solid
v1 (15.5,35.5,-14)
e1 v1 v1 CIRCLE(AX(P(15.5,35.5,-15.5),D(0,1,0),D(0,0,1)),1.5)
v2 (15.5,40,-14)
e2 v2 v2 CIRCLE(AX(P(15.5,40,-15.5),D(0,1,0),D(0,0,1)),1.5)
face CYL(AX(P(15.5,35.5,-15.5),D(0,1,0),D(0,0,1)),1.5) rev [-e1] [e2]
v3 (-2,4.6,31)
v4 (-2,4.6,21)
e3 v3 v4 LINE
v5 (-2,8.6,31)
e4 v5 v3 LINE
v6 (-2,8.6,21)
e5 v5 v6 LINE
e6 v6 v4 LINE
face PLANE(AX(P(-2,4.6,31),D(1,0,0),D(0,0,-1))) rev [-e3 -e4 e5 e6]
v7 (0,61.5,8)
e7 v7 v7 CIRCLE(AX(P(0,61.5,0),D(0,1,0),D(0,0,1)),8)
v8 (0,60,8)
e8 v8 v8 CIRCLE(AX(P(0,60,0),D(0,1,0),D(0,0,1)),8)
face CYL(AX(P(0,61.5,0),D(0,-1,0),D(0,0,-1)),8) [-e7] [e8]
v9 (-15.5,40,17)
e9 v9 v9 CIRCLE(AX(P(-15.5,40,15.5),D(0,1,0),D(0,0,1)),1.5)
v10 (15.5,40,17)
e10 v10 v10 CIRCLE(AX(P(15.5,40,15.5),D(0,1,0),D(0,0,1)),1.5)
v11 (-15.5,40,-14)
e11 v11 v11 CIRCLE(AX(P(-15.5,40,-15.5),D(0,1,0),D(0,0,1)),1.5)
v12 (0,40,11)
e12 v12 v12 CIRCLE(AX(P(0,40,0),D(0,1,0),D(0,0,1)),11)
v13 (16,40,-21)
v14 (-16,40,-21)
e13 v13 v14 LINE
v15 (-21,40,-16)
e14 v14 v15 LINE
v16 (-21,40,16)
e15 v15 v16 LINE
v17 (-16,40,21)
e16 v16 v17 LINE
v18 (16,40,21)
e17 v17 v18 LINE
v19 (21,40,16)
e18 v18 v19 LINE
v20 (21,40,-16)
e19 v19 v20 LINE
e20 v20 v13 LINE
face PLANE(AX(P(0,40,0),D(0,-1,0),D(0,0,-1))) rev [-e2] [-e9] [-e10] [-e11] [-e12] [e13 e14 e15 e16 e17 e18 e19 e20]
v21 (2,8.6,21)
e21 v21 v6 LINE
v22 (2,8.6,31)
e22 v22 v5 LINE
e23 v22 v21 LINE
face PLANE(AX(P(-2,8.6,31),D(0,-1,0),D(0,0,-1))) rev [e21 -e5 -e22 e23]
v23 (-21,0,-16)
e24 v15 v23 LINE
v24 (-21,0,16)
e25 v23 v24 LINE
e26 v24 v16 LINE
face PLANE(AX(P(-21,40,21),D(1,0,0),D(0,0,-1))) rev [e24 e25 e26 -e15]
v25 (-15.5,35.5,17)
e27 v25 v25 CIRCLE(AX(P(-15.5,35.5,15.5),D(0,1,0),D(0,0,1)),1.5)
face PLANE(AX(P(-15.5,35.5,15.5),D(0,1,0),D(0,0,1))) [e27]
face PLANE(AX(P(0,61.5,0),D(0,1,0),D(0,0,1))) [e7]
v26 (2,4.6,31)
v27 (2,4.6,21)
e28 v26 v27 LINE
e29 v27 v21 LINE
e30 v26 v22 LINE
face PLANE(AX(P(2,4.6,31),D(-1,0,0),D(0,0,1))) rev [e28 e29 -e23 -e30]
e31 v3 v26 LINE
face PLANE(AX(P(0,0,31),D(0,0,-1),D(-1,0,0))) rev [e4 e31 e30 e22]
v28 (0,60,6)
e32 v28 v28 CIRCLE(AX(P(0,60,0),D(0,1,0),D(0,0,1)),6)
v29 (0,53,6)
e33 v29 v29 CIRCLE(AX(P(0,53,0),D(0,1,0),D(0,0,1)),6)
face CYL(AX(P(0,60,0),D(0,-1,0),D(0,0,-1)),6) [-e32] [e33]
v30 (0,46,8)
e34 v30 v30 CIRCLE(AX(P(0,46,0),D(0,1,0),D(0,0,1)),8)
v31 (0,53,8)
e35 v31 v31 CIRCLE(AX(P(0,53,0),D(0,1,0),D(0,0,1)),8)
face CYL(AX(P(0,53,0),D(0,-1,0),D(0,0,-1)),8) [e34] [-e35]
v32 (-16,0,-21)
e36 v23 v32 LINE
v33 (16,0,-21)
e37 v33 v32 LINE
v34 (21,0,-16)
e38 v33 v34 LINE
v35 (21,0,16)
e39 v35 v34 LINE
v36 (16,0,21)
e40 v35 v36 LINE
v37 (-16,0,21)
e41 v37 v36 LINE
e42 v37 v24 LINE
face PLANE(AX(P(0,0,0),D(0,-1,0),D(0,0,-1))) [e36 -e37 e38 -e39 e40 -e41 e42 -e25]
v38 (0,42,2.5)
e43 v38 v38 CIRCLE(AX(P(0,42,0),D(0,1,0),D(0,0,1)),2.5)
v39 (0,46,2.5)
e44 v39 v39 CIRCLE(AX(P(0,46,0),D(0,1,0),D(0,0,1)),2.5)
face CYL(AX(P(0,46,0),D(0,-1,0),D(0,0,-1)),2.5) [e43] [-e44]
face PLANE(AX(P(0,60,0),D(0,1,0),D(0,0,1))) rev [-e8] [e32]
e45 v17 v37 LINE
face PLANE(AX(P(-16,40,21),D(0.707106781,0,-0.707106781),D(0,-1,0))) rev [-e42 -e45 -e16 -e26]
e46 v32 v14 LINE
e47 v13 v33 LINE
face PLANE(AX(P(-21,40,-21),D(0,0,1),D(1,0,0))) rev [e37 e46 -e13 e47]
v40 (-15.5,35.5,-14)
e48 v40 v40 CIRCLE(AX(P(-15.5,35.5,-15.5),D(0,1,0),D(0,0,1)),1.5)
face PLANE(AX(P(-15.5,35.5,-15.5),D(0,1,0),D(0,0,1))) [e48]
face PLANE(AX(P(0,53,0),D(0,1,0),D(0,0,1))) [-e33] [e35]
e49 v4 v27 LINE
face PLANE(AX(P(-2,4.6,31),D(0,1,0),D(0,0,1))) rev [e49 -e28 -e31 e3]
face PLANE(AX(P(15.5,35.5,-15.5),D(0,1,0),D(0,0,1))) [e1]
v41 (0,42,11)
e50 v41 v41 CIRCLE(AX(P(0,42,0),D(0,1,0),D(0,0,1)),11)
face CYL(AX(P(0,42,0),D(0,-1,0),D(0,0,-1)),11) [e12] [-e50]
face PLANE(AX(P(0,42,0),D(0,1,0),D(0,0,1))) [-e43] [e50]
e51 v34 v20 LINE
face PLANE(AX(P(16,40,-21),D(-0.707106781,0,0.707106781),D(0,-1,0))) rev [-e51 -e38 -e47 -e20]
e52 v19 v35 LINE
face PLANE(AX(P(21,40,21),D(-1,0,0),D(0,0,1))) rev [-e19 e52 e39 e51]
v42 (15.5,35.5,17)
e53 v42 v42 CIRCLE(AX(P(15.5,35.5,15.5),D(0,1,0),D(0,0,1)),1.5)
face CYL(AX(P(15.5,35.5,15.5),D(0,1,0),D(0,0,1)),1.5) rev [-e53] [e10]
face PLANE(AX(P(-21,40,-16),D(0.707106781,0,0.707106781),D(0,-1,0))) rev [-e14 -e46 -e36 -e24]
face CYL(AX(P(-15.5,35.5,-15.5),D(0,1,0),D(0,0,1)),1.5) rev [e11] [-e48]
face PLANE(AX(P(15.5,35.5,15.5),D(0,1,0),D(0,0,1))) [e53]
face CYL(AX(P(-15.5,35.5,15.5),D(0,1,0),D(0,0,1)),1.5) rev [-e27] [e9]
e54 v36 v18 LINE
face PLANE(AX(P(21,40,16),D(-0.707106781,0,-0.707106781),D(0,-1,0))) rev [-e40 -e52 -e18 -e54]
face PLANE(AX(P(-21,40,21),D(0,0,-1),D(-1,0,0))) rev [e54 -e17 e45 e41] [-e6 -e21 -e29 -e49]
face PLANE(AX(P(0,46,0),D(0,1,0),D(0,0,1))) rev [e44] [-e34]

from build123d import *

# Parameters (mm, degrees)
SKETCH1_W           = 42
SKETCH1_H           = 42
BOSS_EXTRUDE1_DEPTH = 40
CHAMFER1_SIZE       = 5
SKETCH2_R           = 11
BOSS_EXTRUDE3_DEPTH = 2
SKETCH5_R           = 2.5
BOSS_EXTRUDE4_DEPTH = 4
SKETCH6_R           = 8
BOSS_EXTRUDE5_DEPTH = 7
SKETCH7_R           = 6
BOSS_EXTRUDE6_DEPTH = 7
SKETCH8_R           = 8
BOSS_EXTRUDE7_DEPTH = 1.5
SKETCH9_R           = 1.5
CUT_EXTRUDE1_DEPTH  = 4.5
SKETCH10_W          = 4
SKETCH10_H          = 4
BOSS_EXTRUDE8_DEPTH = 10


with BuildPart() as part:
    # Sketch1 → Boss-Extrude1 (new body)
    with BuildSketch(Plane(origin=(0, 0, 0), x_dir=(1, 0, 0), z_dir=(0, 1, 0))):
        Rectangle(SKETCH1_W, SKETCH1_H)
    extrude(amount=BOSS_EXTRUDE1_DEPTH)

    # Chamfer1
    chamfer1_edges = [part.edges().sort_by_distance(p)[0] for p in [
        (21, 20, 21),
        (-21, 20, 21),
        (-21, 20, -21),
        (21, 20, -21),
    ]]
    chamfer(chamfer1_edges, length=CHAMFER1_SIZE)

    # Sketch2 → Boss-Extrude3 (add)
    with BuildSketch(Plane(origin=(0, 40, 0), x_dir=(1, 0, 0), z_dir=(0, 1, 0))):
        with Locations(Location((0, 0, 0), (0, 0, 270))):
            Circle(SKETCH2_R)
    extrude(amount=BOSS_EXTRUDE3_DEPTH)

    # Sketch5 → Boss-Extrude4 (add)
    with BuildSketch(Plane(origin=(0, 42, 0), x_dir=(1, 0, 0), z_dir=(0, 1, 0))):
        with Locations(Location((0, 0, 0), (0, 0, 270))):
            Circle(SKETCH5_R)
    extrude(amount=BOSS_EXTRUDE4_DEPTH)

    # Sketch6 → Boss-Extrude5 (add)
    with BuildSketch(Plane(origin=(0, 46, 0), x_dir=(1, 0, 0), z_dir=(0, 1, 0))):
        with Locations(Location((0, 0, 0), (0, 0, 270))):
            Circle(SKETCH6_R)
    extrude(amount=BOSS_EXTRUDE5_DEPTH)

    # Sketch7 → Boss-Extrude6 (add)
    with BuildSketch(Plane(origin=(0, 53, 0), x_dir=(1, 0, 0), z_dir=(0, 1, 0))):
        with Locations(Location((0, 0, 0), (0, 0, 270))):
            Circle(SKETCH7_R)
    extrude(amount=BOSS_EXTRUDE6_DEPTH)

    # Sketch8 → Boss-Extrude7 (add)
    with BuildSketch(Plane(origin=(0, 60, 0), x_dir=(1, 0, 0), z_dir=(0, 1, 0))):
        with Locations(Location((0, 0, 0), (0, 0, 270))):
            Circle(SKETCH8_R)
    extrude(amount=BOSS_EXTRUDE7_DEPTH)

    # Sketch9 → Cut-Extrude1 (cut)
    with BuildSketch(Plane(origin=(0, 40, 0), x_dir=(1, 0, 0), z_dir=(0, 1, 0))):
        with Locations(Location((-15.5, 15.5, 0), (0, 0, 270))):
            Circle(SKETCH9_R)
        with Locations(Location((15.5, 15.5, 0), (0, 0, 270))):
            Circle(SKETCH9_R)
        with Locations(Location((15.5, -15.5, 0), (0, 0, 270))):
            Circle(SKETCH9_R)
        with Locations(Location((-15.5, -15.5, 0), (0, 0, 270))):
            Circle(SKETCH9_R)
    extrude(amount=-CUT_EXTRUDE1_DEPTH, mode=Mode.SUBTRACT)

    # Sketch10 → Boss-Extrude8 (add)
    with BuildSketch(Plane.XY.offset(21)):
        with Locations((0, 6.6)):
            Rectangle(SKETCH10_W, SKETCH10_H)
    extrude(amount=BOSS_EXTRUDE8_DEPTH)


solid = part.part
